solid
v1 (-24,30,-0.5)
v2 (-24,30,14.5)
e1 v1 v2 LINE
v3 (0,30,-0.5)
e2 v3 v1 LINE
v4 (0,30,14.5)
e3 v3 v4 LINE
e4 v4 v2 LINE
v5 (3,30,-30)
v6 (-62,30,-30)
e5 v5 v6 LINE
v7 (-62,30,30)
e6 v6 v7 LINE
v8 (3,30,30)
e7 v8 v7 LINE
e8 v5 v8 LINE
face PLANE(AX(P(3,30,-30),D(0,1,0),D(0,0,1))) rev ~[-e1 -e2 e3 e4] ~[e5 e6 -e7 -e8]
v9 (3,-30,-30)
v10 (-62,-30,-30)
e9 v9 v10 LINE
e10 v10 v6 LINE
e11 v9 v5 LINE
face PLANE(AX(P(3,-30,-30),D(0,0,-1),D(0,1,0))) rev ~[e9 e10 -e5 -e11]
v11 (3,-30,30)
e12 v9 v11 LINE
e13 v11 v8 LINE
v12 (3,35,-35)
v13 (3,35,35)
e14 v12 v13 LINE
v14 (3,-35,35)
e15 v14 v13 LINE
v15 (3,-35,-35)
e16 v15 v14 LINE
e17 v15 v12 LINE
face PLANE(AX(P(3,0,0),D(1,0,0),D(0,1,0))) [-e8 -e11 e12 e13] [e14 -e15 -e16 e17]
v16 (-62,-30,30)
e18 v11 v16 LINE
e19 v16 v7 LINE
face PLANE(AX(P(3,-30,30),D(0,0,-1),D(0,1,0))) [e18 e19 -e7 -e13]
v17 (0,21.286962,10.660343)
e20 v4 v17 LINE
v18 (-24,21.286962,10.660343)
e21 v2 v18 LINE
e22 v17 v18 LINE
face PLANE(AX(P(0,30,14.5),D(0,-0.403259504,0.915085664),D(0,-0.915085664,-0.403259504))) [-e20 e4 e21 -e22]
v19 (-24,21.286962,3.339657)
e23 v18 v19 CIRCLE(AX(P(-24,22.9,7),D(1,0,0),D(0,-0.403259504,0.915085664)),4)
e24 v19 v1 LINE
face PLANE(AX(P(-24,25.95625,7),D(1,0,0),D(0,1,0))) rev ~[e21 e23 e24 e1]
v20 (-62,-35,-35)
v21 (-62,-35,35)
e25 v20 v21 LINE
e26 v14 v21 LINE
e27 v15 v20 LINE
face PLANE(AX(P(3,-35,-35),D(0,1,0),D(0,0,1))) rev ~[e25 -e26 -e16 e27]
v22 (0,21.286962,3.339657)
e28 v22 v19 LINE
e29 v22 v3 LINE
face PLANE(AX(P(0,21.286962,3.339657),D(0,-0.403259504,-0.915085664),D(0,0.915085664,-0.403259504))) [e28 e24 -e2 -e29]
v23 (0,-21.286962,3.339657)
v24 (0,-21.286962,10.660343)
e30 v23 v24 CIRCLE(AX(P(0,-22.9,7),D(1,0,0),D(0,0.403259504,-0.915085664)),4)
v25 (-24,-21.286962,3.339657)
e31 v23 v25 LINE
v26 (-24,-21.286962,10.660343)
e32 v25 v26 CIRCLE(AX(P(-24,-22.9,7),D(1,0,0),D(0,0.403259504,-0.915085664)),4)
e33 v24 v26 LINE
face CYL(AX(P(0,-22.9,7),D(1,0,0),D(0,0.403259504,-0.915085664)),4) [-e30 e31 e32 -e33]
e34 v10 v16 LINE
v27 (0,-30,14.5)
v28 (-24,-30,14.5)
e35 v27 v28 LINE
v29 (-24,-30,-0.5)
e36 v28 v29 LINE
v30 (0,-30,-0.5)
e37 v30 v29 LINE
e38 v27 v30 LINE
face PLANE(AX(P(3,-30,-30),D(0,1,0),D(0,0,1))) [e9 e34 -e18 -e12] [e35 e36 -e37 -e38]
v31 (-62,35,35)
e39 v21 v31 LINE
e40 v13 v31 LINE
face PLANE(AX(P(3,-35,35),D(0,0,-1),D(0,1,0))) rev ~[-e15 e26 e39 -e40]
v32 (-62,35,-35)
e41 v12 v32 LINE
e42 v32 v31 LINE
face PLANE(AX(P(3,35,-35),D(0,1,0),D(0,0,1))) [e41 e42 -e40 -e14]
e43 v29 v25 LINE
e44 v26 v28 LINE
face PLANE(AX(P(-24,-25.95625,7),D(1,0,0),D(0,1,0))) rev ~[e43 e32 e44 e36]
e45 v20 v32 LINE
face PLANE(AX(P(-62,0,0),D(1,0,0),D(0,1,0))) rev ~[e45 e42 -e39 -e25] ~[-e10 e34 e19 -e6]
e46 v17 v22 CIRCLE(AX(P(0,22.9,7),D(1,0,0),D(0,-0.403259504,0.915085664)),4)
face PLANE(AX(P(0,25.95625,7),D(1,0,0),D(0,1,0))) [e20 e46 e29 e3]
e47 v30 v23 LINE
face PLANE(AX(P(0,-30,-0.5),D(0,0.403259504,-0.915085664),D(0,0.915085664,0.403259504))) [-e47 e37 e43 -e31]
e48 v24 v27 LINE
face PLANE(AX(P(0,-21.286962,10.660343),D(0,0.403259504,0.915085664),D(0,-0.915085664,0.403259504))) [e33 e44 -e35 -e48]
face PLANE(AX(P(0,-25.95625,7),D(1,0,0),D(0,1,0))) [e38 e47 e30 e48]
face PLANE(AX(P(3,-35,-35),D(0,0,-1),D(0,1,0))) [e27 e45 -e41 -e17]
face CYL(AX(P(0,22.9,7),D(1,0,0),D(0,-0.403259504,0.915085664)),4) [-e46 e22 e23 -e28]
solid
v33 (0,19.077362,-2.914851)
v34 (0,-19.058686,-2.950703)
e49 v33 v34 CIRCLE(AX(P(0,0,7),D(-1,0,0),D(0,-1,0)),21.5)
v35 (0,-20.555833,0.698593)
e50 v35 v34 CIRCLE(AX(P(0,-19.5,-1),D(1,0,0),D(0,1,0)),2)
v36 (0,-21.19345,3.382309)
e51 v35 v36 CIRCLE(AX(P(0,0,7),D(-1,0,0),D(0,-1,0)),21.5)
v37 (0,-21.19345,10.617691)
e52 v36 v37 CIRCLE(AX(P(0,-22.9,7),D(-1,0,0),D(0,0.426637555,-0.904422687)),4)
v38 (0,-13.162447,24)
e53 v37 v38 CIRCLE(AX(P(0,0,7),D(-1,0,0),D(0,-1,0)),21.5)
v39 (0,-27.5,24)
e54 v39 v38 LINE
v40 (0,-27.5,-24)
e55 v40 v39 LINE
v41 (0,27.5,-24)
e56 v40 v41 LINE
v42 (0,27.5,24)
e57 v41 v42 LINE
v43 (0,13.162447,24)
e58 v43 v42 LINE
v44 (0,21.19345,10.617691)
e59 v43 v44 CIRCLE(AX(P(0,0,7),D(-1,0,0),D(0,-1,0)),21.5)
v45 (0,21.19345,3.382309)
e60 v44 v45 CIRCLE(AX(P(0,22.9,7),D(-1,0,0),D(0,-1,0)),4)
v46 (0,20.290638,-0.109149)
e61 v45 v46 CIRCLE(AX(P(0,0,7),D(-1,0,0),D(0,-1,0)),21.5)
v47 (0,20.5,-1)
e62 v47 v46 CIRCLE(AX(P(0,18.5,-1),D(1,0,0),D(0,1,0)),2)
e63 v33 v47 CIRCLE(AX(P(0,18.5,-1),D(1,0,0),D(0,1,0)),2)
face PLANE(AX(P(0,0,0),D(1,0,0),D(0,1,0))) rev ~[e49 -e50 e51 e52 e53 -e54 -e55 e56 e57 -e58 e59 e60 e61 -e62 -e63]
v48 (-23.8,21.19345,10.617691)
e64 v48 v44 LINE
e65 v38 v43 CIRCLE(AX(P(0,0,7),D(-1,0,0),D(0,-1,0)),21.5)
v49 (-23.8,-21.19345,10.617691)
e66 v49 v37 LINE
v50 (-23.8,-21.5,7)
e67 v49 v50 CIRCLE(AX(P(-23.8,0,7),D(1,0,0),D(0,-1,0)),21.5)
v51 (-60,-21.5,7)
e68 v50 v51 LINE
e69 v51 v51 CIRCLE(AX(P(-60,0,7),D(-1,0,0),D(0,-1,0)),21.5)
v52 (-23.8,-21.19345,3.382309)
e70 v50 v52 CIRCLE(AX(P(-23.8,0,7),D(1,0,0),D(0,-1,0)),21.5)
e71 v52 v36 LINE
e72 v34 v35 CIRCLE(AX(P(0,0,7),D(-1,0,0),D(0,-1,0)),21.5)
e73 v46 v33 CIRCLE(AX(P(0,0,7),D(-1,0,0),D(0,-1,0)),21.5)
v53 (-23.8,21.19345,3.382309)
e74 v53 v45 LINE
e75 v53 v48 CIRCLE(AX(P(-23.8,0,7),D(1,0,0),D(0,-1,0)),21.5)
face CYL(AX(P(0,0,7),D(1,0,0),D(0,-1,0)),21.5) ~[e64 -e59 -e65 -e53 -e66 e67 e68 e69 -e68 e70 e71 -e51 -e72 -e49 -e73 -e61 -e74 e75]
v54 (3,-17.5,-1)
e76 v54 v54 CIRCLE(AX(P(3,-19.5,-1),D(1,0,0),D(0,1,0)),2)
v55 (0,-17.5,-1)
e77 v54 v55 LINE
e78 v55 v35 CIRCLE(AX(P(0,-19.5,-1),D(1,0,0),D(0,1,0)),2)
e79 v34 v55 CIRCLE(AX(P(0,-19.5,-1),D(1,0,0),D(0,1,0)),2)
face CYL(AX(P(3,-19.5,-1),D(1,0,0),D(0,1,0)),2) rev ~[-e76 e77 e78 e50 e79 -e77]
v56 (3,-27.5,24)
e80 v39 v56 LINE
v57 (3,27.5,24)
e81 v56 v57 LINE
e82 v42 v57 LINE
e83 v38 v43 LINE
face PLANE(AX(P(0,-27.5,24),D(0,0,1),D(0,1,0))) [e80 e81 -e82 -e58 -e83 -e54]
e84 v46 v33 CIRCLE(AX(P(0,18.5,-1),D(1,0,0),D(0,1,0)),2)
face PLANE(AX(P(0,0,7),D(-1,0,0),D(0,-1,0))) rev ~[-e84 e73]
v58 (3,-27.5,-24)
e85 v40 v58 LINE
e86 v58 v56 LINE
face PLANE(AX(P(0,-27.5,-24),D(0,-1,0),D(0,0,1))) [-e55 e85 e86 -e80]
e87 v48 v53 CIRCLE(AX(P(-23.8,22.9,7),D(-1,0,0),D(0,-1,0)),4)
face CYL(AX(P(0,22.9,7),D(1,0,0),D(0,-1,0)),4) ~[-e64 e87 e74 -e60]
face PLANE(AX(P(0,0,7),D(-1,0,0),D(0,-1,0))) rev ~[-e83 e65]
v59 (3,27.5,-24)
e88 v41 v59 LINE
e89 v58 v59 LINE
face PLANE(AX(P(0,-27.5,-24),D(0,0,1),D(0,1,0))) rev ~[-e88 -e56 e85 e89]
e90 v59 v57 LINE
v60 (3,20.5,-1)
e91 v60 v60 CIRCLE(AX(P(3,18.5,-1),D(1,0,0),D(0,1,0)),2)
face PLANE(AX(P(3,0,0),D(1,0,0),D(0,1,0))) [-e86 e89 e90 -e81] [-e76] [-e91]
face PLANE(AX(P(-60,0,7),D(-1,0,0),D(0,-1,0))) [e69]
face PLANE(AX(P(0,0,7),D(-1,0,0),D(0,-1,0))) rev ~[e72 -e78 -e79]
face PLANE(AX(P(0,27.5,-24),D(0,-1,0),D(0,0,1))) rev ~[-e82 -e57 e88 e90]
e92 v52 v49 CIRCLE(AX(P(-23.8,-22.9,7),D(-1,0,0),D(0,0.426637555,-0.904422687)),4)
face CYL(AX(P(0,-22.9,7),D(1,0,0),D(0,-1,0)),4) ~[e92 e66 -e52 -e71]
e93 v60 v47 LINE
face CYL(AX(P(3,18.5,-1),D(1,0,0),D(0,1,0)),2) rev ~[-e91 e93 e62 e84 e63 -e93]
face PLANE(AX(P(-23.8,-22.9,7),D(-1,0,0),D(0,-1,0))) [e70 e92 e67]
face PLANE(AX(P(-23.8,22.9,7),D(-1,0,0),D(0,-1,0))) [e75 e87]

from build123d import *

# Parameters (mm, degrees)
F0_W      = 55
F0_H      = 48
F1_DEPTH  = 3
F2_R      = 4
F3_DEPTH  = 23.8
F4_R      = 2
F5_DEPTH  = 25
F7_R      = 21.5
F8_DEPTH  = 60
F6_W      = 70
F6_H      = 70
F6_W_2    = 60
F6_H_2    = 60
F9_DEPTH  = 65
F11_DEPTH = 24


with BuildPart() as f1:
    # F0 (on Right) → F1 (new body)
    with BuildSketch(Plane.YZ):
        Rectangle(F0_W, F0_H)
    extrude(amount=F1_DEPTH)

    # F2 (on face) → F3 (join)
    with BuildSketch(Plane(origin=(0, 0, 0), x_dir=(0, -1, 0), z_dir=(-1, 0, 0))):
        with Locations((-22.9, 7)):
            Circle(F2_R)
        with Locations((22.9, 7)):
            Circle(F2_R)
    extrude(amount=F3_DEPTH)

    # F4 (on face) → F5 (cut)
    with BuildSketch(Plane.YZ.offset(3)):
        with Locations((-19.5, -1)):
            Circle(F4_R)
        with Locations((18.5, -1)):
            Circle(F4_R)
    extrude(amount=-F5_DEPTH, mode=Mode.SUBTRACT)

    # F7 (on face) → F8 (join)
    with BuildSketch(Plane(origin=(0, 0, 0), x_dir=(0, -1, 0), z_dir=(-1, 0, 0))):
        with Locations((0, 7)):
            Circle(F7_R)
    extrude(amount=F8_DEPTH)


with BuildPart() as f9:
    # F6 (on face) → F9 (new body)
    with BuildSketch(Plane.YZ.offset(3)):
        Rectangle(F6_W, F6_H)
        Rectangle(F6_W_2, F6_H_2, mode=Mode.SUBTRACT)
    extrude(amount=-F9_DEPTH)

    # F10 (on Right) → F11 (join)
    with BuildSketch(Plane.YZ):
        with BuildLine():
            Line((-30, -0.5), (-21.2869619834, 3.3396573443))
            ThreePointArc((-21.2869619834, 3.3396573443), (-18.9, 7), (-21.2869619834, 10.6603426557))
            Line((-21.2869619834, 10.6603426557), (-30, 14.5))
            Line((-30, 14.5), (-30, -0.5))
        make_face()
        with BuildLine():
            Line((30, 14.5), (21.2869619834, 10.6603426557))
            ThreePointArc((21.2869619834, 10.6603426557), (18.9, 7), (21.2869619834, 3.3396573443))
            Line((21.2869619834, 3.3396573443), (30, -0.5))
            Line((30, -0.5), (30, 14.5))
        make_face()
    extrude(amount=-F11_DEPTH)


solid = Compound([f1.part, f9.part])
